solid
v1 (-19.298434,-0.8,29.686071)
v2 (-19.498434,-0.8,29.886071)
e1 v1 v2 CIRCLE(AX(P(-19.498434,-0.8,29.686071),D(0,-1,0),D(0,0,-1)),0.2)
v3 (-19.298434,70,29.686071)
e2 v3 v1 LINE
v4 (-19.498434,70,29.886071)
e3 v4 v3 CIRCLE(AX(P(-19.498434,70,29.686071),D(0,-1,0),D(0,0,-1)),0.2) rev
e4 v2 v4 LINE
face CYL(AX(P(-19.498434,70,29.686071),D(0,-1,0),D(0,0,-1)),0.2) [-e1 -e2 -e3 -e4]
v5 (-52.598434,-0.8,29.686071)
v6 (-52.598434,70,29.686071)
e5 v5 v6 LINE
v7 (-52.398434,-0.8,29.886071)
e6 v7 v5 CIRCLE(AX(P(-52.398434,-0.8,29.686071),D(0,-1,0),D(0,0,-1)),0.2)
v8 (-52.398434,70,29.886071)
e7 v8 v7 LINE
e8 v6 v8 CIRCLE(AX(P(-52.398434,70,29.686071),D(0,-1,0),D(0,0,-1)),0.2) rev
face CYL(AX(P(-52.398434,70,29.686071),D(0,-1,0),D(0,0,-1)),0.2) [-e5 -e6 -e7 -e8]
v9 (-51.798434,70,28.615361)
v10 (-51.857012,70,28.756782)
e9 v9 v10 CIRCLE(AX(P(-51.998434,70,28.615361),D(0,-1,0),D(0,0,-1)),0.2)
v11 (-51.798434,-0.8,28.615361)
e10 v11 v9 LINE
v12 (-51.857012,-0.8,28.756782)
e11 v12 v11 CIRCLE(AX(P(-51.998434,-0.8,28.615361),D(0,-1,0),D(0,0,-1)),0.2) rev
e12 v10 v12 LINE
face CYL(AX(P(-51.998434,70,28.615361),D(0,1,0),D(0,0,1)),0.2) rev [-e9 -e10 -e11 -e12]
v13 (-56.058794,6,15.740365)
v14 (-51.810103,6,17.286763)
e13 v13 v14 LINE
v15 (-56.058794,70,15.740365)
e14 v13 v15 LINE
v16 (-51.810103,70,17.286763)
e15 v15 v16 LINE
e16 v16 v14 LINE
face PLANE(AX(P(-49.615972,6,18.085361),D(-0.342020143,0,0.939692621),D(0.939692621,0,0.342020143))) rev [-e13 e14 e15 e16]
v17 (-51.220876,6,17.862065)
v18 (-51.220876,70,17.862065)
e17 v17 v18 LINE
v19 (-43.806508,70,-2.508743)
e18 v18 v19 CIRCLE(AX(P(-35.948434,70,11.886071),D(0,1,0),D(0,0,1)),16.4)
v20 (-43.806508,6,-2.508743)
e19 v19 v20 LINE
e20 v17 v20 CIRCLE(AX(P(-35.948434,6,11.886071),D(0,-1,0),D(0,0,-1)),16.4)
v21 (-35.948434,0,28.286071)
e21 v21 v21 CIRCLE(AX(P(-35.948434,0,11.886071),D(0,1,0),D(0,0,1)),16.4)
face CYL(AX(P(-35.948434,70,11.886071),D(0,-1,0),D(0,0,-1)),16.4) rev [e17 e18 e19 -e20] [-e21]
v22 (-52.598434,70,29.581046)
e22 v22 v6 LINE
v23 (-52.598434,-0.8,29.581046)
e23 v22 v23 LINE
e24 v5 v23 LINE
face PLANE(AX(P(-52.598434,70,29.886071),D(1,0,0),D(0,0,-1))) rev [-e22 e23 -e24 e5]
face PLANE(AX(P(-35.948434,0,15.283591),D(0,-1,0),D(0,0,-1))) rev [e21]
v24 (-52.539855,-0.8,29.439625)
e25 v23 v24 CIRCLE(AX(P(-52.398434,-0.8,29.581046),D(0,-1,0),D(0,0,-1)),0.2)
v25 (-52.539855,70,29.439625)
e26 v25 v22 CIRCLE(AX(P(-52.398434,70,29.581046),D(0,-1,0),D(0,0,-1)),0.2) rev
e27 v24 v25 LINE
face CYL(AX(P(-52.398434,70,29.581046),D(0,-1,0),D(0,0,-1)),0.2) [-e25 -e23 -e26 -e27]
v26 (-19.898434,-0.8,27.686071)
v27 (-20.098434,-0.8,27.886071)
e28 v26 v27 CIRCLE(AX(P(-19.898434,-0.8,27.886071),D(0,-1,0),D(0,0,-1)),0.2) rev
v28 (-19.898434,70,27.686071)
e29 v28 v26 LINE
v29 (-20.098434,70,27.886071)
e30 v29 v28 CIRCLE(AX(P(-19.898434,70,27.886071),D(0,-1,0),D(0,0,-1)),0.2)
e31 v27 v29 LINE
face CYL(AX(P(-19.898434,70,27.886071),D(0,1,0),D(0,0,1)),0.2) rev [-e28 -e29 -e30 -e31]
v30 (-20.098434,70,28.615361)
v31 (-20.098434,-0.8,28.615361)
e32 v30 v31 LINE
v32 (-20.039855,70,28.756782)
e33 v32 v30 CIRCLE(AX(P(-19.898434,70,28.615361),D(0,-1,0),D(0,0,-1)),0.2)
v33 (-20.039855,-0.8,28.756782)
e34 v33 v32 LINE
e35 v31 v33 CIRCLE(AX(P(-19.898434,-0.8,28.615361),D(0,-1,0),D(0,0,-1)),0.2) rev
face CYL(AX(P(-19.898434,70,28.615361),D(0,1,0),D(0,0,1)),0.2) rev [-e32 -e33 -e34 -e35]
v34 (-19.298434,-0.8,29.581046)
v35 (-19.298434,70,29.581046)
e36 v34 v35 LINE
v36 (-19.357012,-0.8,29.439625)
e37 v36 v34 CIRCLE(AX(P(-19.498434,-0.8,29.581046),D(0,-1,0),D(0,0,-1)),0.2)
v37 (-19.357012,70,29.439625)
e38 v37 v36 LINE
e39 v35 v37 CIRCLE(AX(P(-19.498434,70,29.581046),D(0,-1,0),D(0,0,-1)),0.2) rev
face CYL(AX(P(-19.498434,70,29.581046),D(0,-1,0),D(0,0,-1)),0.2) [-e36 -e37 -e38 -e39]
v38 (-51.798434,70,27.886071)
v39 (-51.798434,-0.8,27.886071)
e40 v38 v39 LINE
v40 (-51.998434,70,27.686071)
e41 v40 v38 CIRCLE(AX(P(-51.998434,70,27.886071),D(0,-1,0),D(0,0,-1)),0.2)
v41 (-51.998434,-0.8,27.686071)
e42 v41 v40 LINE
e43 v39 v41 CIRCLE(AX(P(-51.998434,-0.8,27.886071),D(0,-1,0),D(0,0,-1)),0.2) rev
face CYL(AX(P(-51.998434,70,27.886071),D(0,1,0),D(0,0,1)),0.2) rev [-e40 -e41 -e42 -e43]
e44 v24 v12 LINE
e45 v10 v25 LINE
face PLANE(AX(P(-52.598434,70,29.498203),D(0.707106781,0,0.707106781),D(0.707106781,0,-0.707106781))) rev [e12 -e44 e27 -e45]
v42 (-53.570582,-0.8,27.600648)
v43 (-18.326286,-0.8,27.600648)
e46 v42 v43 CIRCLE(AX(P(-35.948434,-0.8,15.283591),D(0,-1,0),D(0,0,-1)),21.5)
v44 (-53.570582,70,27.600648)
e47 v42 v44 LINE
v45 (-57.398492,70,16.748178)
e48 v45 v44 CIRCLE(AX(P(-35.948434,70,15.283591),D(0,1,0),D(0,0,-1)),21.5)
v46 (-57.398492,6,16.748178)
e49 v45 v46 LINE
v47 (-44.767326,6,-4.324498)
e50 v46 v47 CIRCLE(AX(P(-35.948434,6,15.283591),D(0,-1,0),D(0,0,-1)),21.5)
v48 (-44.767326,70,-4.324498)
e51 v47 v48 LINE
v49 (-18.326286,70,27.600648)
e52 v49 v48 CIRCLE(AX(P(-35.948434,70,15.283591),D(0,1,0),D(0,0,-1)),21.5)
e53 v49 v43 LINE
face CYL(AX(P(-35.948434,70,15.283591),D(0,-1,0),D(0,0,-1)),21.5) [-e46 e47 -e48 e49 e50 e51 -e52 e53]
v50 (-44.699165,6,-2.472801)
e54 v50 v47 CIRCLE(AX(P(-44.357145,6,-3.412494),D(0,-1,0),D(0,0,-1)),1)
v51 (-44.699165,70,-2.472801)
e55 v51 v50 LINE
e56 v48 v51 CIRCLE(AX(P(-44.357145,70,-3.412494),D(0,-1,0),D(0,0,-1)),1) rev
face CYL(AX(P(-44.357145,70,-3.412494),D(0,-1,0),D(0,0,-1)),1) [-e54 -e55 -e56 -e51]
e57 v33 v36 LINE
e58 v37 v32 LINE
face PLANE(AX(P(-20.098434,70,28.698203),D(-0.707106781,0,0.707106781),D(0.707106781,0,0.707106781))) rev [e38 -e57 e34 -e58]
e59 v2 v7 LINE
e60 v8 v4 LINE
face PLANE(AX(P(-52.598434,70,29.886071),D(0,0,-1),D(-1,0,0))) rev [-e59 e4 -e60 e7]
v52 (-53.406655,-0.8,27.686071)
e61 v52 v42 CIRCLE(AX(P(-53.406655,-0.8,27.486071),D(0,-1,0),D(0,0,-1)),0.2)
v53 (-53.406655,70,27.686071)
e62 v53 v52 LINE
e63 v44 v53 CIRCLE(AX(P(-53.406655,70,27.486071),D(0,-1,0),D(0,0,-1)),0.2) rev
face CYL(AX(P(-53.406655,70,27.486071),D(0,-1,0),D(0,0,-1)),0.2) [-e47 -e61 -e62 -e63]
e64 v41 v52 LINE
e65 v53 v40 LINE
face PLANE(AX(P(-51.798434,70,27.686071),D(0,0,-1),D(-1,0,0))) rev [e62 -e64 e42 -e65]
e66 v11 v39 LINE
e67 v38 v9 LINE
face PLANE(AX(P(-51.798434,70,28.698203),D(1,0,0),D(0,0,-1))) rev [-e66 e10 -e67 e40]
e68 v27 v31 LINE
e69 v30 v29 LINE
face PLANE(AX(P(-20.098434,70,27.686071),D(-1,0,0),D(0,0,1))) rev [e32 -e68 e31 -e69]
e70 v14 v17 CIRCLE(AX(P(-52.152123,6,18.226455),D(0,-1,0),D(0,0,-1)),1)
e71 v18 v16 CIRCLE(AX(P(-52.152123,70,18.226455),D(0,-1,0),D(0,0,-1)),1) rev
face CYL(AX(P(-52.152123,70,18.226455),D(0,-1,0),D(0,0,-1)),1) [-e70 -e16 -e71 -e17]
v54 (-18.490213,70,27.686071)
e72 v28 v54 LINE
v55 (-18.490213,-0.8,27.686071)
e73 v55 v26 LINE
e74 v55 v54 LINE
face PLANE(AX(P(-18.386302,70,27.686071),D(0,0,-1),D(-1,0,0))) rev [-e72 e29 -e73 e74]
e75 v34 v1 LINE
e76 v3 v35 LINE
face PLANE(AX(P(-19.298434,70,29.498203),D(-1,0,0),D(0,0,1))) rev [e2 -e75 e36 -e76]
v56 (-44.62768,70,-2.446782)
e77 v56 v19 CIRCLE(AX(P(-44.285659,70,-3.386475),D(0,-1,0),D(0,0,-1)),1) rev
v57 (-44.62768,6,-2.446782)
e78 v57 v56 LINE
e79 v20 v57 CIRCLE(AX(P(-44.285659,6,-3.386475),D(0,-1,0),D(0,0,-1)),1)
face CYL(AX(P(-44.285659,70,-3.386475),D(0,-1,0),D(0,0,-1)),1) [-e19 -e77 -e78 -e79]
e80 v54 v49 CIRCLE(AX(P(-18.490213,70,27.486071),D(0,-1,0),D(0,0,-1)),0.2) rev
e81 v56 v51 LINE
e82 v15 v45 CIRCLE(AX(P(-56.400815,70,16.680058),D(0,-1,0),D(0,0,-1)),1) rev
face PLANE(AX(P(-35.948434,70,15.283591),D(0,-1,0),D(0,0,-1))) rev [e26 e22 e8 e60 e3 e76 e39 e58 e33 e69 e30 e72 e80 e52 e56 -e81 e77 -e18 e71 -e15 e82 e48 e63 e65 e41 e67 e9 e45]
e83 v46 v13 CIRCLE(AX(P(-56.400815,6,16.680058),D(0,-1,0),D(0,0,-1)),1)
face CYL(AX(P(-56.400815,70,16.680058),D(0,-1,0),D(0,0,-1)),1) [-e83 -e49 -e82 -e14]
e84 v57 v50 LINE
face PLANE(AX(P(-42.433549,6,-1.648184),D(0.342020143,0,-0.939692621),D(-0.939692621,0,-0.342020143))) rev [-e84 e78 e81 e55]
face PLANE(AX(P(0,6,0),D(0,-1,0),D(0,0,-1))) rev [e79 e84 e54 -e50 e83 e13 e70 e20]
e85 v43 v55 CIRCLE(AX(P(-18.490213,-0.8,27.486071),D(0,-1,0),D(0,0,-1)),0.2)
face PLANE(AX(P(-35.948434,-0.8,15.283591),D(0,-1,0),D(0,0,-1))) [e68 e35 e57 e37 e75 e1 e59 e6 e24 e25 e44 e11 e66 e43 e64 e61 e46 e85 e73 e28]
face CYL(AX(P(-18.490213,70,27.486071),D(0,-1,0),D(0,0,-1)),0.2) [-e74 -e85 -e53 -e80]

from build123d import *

# Parameters (mm, degrees)
SKETCH1_R           = 16.4
BOSS_EXTRUDE1_DEPTH = 70
BOSS_EXTRUDE2_START = 0.8
BOSS_EXTRUDE2_DEPTH = 0.8
CUT_EXTRUDE1_DEPTH  = 64
FILLET1_R           = 1
FILLET2_R           = 0.2


with BuildPart() as part:
    # Sketch1 → Boss-Extrude1 (new body)
    with BuildSketch(Plane(origin=(0, 0, 0), x_dir=(1, 0, 0), z_dir=(0, 1, 0))):
        with BuildLine():
            Line((-18.386301809, -27.686071188), (-20.098433843, -27.686071188))
            Line((-20.098433843, -27.686071188), (-20.098433843, -28.698203222))
            Line((-20.098433843, -28.698203222), (-19.298433843, -29.498203222))
            Line((-19.298433843, -29.498203222), (-19.298433843, -29.886071188))
            Line((-19.298433843, -29.886071188), (-52.598433843, -29.886071188))
            Line((-52.598433843, -29.886071188), (-52.598433843, -29.498203222))
            Line((-52.598433843, -29.498203222), (-51.798433843, -28.698203222))
            Line((-51.798433843, -28.698203222), (-51.798433843, -27.686071188))
            Line((-51.798433843, -27.686071188), (-53.510565878, -27.686071188))
            ThreePointArc((-53.510565878, -27.686071188), (-35.948433843, 6.216409145), (-18.386301809, -27.686071188))
        make_face()
        with Locations(Location((-35.948433843, -11.886071188, 0), (0, 0, 270))):
            Circle(SKETCH1_R, mode=Mode.SUBTRACT)
    extrude(amount=BOSS_EXTRUDE1_DEPTH)

    # Sketch2 → Boss-Extrude2 (add)
    with BuildSketch(Plane.XZ.offset(BOSS_EXTRUDE2_START)):
        with BuildLine():
            Line((-18.386301809, 27.686071188), (-20.098433843, 27.686071188))
            Line((-20.098433843, 27.686071188), (-20.098433843, 28.698203222))
            Line((-20.098433843, 28.698203222), (-19.298433843, 29.498203222))
            Line((-19.298433843, 29.498203222), (-19.298433843, 29.886071188))
            Line((-19.298433843, 29.886071188), (-52.598433843, 29.886071188))
            Line((-52.598433843, 29.886071188), (-52.598433843, 29.498203222))
            Line((-52.598433843, 29.498203222), (-51.798433843, 28.698203222))
            Line((-51.798433843, 28.698203222), (-51.798433843, 27.686071188))
            Line((-51.798433843, 27.686071188), (-53.510565878, 27.686071188))
            ThreePointArc((-53.510565878, 27.686071188), (-35.948433843, -6.216409145), (-18.386301809, 27.686071188))
        make_face()
    extrude(amount=-BOSS_EXTRUDE2_DEPTH)

    # Sketch3 → Cut-Extrude1 (cut)
    with BuildSketch(Plane(origin=(0, 70, 0), x_dir=(1, 0, 0), z_dir=(0, 1, 0))):
        Polygon((-49.615972348, -18.085360607), (-42.433549338, 1.648184429), (-57.414050135, 7.100640814), (-64.596473145, -12.632904223), align=None)
    extrude(amount=-CUT_EXTRUDE1_DEPTH, mode=Mode.SUBTRACT)

    # Fillet1
    fillet1_edges = [part.edges().sort_by_distance(p)[0] for p in [
        (-44.195484744, 38, -2.289476472),
        (-51.377907754, 38, 17.444068565),
        (-57.448378022, 38, 15.234598079),
        (-46.841576343, 38, -3.252575051),
    ]]
    fillet(fillet1_edges, radius=FILLET1_R)

    # Fillet2
    fillet2_edges = [part.edges().sort_by_distance(p)[0] for p in [
        (-18.386301809, 34.6, 27.686071188),
        (-20.098433843, 34.6, 27.686071188),
        (-20.098433843, 34.6, 28.698203222),
        (-19.298433843, 34.6, 29.498203222),
        (-19.298433843, 34.6, 29.886071188),
        (-52.598433843, 34.6, 29.886071188),
        (-52.598433843, 34.6, 29.498203222),
        (-51.798433843, 34.6, 28.698203222),
        (-51.798433843, 34.6, 27.686071188),
        (-53.510565878, 34.6, 27.686071188),
    ]]
    fillet(fillet2_edges, radius=FILLET2_R)


solid = part.part
